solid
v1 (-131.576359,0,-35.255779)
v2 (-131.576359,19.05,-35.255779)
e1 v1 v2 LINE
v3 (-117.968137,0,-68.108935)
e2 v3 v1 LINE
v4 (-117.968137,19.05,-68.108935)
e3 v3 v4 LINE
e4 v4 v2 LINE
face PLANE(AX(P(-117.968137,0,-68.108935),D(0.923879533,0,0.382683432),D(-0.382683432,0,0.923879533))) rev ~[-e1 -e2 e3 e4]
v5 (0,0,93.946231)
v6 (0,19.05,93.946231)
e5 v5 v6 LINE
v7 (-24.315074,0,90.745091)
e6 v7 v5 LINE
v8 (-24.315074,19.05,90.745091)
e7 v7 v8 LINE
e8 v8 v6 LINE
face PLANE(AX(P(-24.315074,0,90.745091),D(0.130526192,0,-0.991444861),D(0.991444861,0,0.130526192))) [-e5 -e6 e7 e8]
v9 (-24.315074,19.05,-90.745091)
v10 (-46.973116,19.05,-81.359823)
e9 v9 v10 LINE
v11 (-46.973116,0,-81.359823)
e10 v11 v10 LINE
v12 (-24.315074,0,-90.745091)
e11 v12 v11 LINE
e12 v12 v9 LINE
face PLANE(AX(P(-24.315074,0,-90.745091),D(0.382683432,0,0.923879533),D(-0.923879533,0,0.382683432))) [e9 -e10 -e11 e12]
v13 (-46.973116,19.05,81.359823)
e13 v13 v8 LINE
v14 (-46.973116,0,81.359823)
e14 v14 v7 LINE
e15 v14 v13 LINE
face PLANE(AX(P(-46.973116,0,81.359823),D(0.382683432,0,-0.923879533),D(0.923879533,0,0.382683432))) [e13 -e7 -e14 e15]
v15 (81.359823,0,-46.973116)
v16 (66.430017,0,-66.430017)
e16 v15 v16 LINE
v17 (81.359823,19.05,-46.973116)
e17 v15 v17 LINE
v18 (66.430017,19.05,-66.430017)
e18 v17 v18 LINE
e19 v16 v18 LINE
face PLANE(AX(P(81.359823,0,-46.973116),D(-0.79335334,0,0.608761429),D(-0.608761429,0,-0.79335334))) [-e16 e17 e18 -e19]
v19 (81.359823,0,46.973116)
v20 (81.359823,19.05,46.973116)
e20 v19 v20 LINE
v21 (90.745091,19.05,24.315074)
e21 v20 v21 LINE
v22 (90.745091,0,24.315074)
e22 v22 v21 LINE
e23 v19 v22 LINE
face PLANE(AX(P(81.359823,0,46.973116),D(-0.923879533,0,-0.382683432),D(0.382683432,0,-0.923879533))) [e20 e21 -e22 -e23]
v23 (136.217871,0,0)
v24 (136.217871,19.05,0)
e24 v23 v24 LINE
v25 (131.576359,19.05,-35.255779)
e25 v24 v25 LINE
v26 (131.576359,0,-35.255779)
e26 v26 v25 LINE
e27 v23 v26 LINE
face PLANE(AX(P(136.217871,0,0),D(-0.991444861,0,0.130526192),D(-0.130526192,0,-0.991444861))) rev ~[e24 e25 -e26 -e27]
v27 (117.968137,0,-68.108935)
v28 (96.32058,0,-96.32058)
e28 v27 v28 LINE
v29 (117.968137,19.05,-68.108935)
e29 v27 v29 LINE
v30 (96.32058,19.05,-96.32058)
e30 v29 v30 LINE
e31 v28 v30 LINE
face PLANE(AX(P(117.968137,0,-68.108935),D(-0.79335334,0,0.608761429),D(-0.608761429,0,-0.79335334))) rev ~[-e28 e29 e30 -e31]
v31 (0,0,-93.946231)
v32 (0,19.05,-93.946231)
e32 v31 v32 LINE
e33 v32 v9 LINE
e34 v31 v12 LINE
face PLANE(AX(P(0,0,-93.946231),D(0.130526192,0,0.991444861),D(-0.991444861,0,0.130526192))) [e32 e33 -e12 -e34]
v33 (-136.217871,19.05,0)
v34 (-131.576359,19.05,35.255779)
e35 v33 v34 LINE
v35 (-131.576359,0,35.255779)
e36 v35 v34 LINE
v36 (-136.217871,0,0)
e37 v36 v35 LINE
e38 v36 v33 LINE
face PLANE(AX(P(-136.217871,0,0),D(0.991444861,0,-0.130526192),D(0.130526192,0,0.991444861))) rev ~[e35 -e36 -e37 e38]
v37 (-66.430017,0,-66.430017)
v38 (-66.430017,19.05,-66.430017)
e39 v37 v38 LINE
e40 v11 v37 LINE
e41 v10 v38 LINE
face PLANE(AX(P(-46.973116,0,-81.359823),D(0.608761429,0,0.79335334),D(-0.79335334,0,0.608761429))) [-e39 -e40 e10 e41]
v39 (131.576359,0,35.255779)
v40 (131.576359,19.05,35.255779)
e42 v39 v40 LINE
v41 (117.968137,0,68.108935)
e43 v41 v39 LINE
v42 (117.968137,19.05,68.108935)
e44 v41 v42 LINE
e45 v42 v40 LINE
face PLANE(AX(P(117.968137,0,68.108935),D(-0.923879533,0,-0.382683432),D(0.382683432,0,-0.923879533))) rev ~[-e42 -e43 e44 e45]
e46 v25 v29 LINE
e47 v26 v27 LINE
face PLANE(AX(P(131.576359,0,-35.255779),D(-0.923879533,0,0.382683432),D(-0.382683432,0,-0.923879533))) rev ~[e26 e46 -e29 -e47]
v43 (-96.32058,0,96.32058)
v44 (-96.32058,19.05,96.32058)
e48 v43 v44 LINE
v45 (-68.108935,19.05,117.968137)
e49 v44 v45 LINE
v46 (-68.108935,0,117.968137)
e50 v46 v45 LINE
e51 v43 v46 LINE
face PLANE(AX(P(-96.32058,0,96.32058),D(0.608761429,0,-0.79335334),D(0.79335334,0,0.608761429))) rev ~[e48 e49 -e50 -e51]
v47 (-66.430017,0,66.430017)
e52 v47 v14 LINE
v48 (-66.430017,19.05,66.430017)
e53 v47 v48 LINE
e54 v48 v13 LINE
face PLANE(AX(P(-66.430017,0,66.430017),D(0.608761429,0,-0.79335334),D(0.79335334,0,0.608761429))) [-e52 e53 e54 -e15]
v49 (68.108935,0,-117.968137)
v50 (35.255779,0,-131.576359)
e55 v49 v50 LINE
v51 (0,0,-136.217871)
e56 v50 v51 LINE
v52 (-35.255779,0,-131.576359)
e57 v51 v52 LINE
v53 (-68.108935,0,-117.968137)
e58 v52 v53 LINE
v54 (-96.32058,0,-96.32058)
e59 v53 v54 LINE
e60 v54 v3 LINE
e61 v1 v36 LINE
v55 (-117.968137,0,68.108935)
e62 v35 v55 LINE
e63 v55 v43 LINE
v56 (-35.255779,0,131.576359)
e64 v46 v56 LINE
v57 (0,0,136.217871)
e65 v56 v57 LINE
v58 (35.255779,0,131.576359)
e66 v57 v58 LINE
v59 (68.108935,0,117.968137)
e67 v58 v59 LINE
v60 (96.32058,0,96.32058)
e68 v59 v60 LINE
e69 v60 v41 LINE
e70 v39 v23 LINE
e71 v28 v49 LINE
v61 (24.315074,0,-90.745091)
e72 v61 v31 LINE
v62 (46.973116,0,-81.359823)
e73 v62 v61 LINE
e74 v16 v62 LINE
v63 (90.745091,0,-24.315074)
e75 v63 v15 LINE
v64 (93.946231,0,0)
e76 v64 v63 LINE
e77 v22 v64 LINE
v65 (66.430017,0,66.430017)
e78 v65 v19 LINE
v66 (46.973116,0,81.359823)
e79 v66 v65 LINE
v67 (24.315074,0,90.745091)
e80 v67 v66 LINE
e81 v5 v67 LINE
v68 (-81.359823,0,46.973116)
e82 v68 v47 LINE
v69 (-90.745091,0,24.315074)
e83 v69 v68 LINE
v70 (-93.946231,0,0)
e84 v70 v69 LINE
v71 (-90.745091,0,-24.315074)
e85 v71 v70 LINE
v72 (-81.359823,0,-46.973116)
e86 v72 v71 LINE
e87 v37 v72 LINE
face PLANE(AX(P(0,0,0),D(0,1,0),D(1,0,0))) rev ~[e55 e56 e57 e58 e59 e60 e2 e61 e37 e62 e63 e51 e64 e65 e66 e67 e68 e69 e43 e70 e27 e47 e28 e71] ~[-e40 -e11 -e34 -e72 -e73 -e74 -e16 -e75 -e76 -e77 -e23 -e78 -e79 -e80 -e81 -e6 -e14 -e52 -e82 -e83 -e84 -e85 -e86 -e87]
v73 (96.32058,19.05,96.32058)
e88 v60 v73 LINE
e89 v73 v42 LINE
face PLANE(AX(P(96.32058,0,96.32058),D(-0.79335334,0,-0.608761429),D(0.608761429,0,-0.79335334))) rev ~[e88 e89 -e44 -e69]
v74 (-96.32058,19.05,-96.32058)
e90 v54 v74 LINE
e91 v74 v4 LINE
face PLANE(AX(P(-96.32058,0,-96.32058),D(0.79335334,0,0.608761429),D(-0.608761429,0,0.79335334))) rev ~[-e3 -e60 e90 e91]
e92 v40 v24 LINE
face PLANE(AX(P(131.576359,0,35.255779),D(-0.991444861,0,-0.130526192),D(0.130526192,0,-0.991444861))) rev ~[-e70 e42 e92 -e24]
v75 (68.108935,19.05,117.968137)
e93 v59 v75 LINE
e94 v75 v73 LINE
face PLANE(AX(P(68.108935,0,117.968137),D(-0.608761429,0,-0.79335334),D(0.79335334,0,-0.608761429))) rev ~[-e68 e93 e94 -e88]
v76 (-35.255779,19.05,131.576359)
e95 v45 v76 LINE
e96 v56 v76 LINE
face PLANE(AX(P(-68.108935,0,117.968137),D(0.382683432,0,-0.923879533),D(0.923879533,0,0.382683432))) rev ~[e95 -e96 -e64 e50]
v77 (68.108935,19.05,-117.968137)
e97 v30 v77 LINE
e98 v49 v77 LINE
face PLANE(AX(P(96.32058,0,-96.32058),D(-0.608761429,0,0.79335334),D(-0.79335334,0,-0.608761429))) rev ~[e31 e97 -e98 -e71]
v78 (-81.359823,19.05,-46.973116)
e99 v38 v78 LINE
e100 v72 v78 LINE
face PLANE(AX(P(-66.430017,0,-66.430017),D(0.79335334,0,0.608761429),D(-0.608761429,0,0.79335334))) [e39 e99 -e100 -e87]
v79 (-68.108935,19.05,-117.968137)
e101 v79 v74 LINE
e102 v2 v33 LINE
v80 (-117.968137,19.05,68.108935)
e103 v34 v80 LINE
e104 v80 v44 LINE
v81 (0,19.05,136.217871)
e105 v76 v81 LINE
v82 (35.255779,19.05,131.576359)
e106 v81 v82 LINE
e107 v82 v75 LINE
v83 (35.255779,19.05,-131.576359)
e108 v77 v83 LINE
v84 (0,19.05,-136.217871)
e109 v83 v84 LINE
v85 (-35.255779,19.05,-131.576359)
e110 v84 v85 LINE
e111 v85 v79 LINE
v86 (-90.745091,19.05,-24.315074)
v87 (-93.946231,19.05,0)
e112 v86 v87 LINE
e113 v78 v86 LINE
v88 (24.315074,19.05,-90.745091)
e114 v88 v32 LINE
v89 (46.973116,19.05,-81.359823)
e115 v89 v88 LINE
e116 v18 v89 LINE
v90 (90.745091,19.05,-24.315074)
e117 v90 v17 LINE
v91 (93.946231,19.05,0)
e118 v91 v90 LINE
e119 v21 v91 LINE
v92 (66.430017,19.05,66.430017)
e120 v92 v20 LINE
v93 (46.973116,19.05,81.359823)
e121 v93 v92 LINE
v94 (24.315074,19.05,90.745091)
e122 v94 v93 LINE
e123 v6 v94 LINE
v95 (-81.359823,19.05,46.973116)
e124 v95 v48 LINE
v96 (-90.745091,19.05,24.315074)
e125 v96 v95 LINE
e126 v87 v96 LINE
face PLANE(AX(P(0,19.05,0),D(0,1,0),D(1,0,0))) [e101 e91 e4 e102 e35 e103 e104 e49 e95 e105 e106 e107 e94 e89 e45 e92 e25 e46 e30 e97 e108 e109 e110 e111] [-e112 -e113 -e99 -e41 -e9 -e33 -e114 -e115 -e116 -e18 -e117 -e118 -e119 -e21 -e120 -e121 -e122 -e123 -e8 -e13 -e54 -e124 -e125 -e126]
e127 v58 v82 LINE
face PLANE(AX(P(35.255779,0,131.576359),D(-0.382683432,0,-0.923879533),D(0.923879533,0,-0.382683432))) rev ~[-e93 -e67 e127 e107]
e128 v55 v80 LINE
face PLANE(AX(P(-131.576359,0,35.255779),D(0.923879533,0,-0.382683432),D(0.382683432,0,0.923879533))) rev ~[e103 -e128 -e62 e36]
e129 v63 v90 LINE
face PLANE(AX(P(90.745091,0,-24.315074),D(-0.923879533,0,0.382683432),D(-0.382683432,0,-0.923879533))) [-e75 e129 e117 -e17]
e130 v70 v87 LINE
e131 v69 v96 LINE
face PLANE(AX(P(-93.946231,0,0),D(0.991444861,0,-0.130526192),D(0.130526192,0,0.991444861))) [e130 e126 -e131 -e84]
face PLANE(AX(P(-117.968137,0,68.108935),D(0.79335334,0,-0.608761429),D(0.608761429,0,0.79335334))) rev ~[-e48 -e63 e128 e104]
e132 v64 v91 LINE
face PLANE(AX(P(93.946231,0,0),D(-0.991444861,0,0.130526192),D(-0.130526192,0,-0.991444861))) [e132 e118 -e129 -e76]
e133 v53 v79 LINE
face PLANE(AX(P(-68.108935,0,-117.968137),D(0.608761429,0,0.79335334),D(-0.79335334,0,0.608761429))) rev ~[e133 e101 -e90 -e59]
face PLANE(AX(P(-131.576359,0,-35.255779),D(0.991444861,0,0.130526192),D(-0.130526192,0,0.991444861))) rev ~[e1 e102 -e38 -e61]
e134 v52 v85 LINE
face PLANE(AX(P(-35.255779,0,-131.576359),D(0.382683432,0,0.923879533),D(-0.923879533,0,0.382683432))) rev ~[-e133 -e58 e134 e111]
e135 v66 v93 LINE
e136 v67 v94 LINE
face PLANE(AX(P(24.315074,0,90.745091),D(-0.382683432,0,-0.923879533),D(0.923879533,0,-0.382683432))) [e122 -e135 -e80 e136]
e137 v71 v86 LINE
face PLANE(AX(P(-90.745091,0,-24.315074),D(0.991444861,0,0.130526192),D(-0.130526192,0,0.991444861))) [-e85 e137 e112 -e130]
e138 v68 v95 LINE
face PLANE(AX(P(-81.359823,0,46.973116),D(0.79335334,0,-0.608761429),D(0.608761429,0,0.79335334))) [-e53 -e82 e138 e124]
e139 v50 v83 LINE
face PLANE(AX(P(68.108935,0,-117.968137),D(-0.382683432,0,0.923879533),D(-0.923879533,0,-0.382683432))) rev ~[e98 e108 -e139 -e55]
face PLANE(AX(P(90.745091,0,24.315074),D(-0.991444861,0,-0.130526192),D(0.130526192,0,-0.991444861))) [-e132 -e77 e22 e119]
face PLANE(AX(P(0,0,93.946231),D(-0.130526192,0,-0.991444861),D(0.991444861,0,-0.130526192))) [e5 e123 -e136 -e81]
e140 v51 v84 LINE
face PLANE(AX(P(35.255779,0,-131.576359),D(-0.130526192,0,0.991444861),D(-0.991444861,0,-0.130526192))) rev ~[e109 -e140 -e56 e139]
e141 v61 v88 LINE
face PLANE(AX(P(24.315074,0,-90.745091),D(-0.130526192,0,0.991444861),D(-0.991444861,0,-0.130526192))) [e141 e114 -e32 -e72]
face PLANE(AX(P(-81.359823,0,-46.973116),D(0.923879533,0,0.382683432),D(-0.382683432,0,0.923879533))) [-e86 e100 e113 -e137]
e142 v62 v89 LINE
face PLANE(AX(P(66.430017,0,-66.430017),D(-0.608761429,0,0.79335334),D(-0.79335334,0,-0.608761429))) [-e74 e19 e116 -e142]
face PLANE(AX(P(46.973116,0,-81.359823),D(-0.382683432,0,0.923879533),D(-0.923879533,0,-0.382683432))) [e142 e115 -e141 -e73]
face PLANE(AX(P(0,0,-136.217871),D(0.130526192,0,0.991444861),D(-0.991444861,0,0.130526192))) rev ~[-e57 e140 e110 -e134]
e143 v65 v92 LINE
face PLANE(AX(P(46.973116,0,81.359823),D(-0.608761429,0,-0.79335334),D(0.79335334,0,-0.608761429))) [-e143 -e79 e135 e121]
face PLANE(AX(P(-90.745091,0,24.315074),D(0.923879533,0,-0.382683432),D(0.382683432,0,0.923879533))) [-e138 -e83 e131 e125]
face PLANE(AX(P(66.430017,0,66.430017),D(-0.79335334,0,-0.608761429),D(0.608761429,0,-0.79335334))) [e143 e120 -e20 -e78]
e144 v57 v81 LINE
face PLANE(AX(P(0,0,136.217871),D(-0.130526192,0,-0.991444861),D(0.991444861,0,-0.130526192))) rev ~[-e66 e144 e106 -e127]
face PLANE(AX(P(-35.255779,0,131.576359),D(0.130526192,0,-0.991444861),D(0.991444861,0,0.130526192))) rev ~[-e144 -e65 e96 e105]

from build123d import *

# Parameters (mm, degrees)
BOSS_EXTRUDE3_DEPTH = 19.05


with BuildPart() as part:
    # Sketch3 → Boss-Extrude3 (new body)
    with BuildSketch(Plane(origin=(0, 0, 0), x_dir=(1, 0, 0), z_dir=(0, 1, 0))):
        Polygon((-136.217870893, 0), (-131.576359498, -35.25577927), (-117.968136643, -68.108935447), (-96.320580227, -96.320580227), (-68.108935447, -117.968136643), (-35.25577927, -131.576359498), (0, -136.217870893), (35.25577927, -131.576359498), (68.108935447, -117.968136643), (96.320580227, -96.320580227), (117.968136643, -68.108935447), (131.576359498, -35.25577927), (136.217870893, 0), (131.576359498, 35.25577927), (117.968136643, 68.108935447), (96.320580227, 96.320580227), (68.108935447, 117.968136643), (35.25577927, 131.576359498), (0, 136.217870893), (-35.25577927, 131.576359498), (-68.108935447, 117.968136643), (-96.320580227, 96.320580227), (-117.968136643, 68.108935447), (-131.576359498, 35.25577927), align=None)
        Polygon((-93.946231155, 0), (-90.745090955, -24.315073839), (-81.35982277, -46.973115578), (-66.430017117, -66.430017117), (-46.973115578, -81.35982277), (-24.315073839, -90.745090955), (0, -93.946231155), (24.315073839, -90.745090955), (46.973115578, -81.35982277), (66.430017117, -66.430017117), (81.35982277, -46.973115578), (90.745090955, -24.315073839), (93.946231155, 0), (90.745090955, 24.315073839), (81.35982277, 46.973115578), (66.430017117, 66.430017117), (46.973115578, 81.35982277), (24.315073839, 90.745090955), (0, 93.946231155), (-24.315073839, 90.745090955), (-46.973115578, 81.35982277), (-66.430017117, 66.430017117), (-81.35982277, 46.973115578), (-90.745090955, 24.315073839), align=None, mode=Mode.SUBTRACT)
    extrude(amount=BOSS_EXTRUDE3_DEPTH)


solid = part.part
